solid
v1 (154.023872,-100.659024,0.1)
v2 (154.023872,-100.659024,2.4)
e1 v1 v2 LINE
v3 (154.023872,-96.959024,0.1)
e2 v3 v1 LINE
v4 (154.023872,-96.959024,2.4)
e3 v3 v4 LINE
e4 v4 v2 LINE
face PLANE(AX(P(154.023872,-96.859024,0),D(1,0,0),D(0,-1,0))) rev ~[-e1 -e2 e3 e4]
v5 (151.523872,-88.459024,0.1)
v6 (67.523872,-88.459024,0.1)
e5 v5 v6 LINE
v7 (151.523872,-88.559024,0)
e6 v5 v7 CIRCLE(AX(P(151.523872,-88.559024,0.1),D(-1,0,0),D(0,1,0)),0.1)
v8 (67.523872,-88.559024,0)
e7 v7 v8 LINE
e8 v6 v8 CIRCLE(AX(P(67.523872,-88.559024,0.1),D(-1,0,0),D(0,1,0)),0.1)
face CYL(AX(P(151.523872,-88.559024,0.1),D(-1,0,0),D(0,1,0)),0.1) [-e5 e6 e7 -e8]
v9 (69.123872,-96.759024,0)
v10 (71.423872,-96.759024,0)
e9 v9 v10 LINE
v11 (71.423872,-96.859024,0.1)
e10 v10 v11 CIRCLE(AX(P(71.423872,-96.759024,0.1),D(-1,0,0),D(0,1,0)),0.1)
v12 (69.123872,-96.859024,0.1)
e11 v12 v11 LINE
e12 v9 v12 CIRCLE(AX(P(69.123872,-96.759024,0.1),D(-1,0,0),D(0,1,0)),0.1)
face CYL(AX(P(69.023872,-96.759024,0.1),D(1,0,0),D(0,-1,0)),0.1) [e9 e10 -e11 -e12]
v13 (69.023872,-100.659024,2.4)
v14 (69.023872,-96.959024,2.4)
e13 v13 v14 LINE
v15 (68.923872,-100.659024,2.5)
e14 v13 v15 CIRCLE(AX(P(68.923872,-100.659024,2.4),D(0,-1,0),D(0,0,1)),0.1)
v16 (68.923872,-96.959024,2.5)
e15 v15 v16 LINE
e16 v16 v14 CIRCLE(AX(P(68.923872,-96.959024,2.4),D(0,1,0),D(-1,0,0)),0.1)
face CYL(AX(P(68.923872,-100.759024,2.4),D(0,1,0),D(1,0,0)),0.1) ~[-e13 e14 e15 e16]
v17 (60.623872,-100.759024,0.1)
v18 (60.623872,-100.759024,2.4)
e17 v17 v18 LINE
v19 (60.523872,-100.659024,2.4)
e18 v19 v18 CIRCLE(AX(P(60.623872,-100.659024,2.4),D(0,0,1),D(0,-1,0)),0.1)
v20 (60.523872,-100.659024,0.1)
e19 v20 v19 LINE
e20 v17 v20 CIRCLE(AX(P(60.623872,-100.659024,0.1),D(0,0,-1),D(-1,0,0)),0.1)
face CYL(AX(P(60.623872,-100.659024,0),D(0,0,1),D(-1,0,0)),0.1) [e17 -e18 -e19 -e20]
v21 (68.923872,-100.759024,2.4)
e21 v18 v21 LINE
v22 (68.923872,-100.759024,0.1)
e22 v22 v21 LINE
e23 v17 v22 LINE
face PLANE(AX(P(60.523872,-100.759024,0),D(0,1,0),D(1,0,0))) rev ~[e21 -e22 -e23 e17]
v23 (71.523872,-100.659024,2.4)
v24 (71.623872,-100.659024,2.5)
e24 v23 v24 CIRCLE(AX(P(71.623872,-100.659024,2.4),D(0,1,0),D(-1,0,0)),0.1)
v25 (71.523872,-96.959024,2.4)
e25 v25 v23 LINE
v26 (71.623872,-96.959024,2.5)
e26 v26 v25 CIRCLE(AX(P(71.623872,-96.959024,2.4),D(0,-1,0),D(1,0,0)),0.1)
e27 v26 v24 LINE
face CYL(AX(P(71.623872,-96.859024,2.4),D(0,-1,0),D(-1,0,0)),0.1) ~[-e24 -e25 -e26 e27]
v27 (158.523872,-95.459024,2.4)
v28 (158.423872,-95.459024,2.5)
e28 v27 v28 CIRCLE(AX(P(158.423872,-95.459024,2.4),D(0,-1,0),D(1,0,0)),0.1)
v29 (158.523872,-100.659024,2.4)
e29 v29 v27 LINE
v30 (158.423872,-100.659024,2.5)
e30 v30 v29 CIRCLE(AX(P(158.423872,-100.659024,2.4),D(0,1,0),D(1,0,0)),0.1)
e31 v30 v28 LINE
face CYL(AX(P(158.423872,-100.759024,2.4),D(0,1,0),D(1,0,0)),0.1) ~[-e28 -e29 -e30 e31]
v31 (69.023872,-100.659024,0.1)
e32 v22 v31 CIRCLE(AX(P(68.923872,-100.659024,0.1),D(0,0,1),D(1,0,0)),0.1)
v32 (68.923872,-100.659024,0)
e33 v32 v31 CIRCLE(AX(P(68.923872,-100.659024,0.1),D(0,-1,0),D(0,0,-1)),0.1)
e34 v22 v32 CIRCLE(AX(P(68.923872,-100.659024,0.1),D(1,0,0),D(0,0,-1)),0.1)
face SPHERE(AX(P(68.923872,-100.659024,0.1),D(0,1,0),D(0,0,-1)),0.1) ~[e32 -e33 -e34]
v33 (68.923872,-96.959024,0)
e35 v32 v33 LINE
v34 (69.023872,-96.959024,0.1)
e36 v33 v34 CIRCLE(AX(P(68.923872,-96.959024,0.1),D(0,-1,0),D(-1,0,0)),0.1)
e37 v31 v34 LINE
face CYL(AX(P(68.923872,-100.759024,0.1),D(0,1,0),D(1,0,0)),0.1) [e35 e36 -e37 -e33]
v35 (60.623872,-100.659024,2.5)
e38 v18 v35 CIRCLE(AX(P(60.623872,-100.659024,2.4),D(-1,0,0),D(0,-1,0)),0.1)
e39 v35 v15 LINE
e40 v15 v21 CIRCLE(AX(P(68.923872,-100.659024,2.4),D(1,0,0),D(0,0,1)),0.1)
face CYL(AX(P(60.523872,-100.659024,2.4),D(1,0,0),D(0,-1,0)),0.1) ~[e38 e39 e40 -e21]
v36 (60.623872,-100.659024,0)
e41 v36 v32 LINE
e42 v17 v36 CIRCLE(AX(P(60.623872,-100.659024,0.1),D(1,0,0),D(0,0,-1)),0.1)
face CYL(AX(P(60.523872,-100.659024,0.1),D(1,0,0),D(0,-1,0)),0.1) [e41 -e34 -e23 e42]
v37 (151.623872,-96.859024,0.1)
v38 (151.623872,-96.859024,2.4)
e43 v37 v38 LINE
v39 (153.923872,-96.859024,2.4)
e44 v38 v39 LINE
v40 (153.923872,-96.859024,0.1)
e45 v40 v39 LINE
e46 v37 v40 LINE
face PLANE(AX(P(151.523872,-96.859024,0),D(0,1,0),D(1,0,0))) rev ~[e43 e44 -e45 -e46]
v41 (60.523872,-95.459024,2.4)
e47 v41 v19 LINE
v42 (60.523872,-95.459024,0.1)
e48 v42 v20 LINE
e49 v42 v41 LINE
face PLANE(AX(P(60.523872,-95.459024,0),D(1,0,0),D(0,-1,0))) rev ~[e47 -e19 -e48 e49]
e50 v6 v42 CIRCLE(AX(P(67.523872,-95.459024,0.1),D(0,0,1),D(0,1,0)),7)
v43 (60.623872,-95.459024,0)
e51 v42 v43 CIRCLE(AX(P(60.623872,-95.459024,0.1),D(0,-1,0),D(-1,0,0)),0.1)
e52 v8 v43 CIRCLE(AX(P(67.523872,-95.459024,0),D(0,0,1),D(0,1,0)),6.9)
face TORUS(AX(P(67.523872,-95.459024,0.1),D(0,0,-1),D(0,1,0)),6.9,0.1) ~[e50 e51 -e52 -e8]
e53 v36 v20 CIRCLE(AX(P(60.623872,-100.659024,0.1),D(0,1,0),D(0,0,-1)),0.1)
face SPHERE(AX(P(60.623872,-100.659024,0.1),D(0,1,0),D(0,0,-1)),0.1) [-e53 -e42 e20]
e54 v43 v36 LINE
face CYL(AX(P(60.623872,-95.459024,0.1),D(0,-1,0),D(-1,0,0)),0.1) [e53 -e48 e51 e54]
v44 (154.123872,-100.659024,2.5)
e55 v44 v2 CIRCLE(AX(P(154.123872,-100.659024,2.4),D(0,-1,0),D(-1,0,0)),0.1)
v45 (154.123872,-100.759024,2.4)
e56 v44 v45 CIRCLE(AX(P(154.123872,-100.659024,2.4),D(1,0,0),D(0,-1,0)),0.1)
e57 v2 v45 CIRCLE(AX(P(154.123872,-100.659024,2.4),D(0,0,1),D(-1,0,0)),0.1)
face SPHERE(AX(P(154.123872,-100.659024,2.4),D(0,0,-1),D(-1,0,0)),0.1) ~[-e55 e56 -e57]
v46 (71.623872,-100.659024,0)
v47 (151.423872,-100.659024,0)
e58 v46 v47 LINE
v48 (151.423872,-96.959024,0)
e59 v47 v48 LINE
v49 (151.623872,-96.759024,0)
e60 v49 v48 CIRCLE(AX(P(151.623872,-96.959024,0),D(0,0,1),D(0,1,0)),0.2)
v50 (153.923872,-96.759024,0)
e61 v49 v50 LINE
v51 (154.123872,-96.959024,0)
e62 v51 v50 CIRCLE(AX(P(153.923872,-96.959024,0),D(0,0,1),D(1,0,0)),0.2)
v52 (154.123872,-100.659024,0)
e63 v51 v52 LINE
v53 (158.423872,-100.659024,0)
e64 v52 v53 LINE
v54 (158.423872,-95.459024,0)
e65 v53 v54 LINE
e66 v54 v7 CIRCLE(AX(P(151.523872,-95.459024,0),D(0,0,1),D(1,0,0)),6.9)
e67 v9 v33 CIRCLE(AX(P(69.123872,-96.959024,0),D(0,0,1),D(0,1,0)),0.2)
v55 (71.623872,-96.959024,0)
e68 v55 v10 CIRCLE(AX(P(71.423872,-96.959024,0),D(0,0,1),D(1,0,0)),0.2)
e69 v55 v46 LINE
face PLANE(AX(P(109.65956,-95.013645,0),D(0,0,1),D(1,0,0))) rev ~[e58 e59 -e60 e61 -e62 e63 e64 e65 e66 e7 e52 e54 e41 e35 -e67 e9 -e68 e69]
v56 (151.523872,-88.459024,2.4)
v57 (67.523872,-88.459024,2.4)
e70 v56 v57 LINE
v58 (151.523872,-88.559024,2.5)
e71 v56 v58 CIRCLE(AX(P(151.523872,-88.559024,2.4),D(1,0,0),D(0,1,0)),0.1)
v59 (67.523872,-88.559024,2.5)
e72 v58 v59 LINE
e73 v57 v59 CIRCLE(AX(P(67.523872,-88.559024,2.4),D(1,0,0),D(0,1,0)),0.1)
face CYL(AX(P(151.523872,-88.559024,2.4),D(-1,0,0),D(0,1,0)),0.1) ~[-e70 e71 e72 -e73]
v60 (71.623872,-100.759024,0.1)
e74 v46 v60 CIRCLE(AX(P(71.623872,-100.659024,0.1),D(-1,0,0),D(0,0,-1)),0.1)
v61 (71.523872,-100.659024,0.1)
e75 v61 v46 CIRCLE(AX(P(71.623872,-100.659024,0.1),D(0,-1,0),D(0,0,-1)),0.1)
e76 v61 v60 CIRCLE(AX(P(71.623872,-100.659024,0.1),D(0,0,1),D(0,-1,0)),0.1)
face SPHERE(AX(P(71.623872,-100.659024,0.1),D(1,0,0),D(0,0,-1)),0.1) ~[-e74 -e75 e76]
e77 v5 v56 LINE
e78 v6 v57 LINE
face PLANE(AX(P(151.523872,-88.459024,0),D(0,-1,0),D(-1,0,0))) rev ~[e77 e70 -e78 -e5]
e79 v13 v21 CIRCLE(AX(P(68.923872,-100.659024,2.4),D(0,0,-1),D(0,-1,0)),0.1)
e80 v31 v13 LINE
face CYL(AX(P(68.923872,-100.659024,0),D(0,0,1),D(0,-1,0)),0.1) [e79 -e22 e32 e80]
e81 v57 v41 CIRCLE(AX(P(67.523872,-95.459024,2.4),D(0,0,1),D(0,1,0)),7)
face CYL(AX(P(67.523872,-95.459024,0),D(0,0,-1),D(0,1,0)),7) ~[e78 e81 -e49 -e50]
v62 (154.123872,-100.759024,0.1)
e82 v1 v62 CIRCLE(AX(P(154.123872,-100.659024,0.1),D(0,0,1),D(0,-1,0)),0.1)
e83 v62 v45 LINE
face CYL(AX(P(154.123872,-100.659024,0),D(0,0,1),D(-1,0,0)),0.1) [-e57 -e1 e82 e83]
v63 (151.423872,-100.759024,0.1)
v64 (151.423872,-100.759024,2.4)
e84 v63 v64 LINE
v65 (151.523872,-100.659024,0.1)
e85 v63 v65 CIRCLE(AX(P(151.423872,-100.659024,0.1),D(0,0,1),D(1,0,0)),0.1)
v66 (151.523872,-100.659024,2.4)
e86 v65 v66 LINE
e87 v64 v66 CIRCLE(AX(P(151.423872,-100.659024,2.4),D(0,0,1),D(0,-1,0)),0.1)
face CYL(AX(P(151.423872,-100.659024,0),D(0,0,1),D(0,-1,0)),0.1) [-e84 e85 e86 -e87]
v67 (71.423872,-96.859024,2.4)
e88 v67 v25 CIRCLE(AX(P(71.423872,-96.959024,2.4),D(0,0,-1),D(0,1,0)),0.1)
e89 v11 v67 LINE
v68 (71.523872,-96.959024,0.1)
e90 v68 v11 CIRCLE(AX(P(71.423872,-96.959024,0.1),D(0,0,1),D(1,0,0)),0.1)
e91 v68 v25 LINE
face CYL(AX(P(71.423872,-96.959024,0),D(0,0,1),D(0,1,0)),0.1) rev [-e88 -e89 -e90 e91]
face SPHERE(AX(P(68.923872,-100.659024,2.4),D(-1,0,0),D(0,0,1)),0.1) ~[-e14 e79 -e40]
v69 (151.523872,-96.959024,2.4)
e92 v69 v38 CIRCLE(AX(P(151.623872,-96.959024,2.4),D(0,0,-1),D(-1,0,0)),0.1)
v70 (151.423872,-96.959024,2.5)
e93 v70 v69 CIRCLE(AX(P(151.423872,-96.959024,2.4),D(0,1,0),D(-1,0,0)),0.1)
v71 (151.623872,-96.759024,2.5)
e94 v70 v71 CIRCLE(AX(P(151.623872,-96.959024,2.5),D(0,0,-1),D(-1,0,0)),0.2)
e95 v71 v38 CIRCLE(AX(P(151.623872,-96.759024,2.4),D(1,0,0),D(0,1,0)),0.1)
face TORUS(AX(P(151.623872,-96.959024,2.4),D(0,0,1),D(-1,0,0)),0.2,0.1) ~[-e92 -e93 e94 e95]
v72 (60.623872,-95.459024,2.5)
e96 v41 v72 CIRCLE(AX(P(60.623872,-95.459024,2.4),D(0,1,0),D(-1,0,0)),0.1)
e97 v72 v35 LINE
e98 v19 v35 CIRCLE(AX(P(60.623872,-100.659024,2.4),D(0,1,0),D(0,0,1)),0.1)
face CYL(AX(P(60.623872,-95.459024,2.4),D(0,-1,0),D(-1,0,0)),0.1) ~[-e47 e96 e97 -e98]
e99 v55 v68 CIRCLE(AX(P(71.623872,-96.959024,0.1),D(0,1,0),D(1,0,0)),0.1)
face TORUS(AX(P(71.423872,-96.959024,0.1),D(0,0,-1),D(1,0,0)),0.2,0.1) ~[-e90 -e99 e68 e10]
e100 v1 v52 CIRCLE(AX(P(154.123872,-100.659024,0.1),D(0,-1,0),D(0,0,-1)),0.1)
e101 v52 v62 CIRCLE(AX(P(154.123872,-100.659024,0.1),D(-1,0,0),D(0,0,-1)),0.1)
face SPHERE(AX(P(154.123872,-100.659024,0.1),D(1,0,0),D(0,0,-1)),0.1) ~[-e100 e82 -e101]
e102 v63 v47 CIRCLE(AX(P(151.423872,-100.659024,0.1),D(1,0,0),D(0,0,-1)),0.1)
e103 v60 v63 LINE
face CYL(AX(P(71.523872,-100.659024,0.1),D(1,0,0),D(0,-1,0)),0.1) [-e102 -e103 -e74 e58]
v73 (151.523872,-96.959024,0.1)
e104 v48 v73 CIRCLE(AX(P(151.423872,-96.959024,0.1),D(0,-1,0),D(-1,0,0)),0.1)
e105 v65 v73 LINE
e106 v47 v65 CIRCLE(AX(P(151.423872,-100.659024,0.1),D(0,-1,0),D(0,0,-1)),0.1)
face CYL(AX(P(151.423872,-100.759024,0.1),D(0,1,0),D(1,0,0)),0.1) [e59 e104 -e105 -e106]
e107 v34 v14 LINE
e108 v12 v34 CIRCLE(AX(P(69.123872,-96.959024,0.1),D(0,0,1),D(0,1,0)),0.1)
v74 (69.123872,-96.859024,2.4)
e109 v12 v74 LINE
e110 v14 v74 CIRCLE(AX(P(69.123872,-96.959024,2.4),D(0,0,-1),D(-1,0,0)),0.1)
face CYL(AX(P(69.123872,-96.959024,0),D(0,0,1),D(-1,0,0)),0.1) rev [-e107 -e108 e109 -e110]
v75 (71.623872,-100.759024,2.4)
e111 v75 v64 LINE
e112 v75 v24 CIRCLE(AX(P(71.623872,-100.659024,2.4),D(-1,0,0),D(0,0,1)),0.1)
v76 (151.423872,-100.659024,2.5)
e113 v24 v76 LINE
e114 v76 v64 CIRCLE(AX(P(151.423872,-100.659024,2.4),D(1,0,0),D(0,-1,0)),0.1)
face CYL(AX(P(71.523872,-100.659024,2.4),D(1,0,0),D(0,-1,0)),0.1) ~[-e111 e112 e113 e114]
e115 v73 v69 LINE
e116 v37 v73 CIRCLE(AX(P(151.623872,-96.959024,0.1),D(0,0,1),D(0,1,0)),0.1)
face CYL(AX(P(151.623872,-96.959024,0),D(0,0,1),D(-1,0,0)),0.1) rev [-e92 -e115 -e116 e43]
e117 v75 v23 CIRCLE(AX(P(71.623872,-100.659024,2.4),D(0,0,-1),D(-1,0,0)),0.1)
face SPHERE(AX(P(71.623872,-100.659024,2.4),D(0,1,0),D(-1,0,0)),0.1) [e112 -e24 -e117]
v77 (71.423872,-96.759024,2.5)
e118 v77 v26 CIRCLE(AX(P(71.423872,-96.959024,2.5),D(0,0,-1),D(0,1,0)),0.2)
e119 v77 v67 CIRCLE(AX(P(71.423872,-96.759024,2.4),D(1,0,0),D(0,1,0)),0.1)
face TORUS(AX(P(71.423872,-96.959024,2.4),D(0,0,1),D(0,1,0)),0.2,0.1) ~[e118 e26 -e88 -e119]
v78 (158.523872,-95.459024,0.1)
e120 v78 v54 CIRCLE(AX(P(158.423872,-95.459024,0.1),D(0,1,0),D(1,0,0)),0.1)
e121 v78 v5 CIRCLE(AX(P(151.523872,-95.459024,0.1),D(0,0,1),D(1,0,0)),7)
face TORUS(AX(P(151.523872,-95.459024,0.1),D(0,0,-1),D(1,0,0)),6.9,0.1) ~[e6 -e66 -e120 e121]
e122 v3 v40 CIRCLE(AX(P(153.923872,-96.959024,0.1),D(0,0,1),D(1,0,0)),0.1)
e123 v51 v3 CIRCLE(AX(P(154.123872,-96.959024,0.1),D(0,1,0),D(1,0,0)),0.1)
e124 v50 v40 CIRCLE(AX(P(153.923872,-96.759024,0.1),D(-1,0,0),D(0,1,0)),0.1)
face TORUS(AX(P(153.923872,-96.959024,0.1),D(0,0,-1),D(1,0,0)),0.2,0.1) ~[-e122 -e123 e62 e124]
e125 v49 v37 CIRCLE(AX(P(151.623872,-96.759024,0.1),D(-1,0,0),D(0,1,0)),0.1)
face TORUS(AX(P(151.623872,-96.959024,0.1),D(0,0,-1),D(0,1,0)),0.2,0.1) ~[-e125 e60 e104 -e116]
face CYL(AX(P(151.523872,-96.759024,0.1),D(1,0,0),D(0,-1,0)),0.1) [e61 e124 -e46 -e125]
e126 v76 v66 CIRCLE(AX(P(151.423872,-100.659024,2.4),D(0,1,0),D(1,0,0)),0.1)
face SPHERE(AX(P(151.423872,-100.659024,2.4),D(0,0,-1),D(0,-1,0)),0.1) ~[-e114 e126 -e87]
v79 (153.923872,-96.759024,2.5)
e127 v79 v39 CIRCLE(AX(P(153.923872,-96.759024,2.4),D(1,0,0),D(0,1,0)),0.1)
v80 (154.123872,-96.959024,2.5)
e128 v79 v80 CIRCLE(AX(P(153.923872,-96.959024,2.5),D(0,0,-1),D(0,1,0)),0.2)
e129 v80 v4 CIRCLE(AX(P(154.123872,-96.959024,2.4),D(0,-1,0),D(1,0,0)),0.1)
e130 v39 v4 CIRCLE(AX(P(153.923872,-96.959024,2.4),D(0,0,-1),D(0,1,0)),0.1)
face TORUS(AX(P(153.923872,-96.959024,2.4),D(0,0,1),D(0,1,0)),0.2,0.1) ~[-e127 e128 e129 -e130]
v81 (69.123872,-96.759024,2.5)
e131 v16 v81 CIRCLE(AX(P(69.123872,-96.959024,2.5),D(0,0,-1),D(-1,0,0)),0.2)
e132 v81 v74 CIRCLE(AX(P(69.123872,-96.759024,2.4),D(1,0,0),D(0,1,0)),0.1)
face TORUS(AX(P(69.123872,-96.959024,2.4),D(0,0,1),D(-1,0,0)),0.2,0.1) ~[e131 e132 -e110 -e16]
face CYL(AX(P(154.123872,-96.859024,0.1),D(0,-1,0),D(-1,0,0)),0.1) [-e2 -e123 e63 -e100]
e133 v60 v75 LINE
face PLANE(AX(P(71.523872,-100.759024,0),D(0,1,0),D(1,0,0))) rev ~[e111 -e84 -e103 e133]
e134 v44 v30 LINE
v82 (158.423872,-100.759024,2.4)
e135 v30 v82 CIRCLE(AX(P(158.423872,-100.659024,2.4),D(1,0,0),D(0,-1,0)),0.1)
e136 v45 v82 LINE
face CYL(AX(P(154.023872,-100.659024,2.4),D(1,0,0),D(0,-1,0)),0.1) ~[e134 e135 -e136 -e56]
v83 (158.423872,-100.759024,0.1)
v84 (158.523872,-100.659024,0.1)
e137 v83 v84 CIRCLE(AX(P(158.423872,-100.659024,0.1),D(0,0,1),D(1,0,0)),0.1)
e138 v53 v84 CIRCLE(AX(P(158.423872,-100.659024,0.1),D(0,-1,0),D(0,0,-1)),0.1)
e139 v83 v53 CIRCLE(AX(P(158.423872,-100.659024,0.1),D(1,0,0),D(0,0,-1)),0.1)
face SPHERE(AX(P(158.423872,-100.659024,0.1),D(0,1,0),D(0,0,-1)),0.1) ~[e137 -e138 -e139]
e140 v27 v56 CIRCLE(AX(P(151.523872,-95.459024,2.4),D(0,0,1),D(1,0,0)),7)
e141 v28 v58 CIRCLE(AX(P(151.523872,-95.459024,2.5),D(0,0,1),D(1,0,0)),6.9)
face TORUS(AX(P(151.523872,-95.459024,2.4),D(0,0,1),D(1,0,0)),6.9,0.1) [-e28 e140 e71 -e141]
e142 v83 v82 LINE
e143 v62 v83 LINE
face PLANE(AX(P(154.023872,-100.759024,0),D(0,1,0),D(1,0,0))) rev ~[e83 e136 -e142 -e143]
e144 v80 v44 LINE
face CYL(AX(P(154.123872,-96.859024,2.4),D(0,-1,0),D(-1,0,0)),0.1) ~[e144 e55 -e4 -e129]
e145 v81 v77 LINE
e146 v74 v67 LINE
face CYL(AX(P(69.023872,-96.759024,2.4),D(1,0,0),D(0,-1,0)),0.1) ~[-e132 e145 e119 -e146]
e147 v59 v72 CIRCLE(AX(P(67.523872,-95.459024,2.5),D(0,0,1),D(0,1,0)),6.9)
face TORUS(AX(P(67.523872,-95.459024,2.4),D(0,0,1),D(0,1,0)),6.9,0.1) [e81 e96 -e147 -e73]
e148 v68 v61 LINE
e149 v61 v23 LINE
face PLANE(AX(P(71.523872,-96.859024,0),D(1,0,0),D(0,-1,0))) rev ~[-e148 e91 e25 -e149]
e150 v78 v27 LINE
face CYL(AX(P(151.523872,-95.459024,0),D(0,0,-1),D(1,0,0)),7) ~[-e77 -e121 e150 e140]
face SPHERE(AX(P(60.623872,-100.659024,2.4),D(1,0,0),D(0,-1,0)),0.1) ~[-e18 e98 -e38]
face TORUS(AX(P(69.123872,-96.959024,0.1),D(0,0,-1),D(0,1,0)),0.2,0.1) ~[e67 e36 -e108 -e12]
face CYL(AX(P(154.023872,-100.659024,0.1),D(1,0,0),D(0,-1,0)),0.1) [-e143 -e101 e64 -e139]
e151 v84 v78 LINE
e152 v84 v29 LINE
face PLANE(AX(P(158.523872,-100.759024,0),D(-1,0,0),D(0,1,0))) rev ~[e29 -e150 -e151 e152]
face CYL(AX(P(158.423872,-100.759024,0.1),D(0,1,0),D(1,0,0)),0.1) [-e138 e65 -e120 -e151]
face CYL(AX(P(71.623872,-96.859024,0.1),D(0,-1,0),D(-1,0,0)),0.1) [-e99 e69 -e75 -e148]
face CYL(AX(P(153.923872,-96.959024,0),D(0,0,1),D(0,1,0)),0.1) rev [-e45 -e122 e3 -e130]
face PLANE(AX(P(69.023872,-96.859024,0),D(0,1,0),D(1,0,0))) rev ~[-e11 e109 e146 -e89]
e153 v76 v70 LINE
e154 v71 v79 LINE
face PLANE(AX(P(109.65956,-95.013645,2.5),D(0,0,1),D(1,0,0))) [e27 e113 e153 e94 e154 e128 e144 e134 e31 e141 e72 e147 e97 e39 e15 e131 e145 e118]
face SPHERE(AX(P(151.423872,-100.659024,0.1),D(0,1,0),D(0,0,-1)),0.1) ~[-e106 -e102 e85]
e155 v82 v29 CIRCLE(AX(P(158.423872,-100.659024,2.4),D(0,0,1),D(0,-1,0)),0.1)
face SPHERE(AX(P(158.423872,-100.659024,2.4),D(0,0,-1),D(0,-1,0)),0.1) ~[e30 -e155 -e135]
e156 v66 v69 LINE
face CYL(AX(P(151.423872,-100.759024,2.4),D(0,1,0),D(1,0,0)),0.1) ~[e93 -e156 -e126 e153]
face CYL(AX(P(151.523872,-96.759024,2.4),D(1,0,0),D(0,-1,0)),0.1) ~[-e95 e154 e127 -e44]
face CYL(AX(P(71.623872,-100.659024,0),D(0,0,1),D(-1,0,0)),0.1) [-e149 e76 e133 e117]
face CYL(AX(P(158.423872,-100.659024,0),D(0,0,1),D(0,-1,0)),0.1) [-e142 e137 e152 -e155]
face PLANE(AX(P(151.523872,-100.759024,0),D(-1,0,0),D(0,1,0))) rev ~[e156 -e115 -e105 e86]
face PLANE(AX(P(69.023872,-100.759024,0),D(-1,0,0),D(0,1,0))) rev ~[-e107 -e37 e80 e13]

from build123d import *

# Parameters (mm, degrees)
RESSALTO_EXTRUS_O1_DEPTH = 2.5
FILETE1_R                = 0.1


with BuildPart() as part:
    # Esboço1 → Ressalto-extrusão1 (new body)
    with BuildSketch(Plane.XY):
        with BuildLine():
            Line((60.523872434, -95.459023636), (60.523872434, -100.759023636))
            Line((60.523872434, -100.759023636), (69.023872434, -100.759023636))
            Line((69.023872434, -100.759023636), (69.023872434, -96.859023636))
            Line((69.023872434, -96.859023636), (71.523872434, -96.859023636))
            Line((71.523872434, -96.859023636), (71.523872434, -100.759023636))
            Line((71.523872434, -100.759023636), (151.523872434, -100.759023636))
            Line((151.523872434, -100.759023636), (151.523872434, -96.859023636))
            Line((151.523872434, -96.859023636), (154.023872434, -96.859023636))
            Line((154.023872434, -96.859023636), (154.023872434, -100.759023636))
            Line((154.023872434, -100.759023636), (158.523872434, -100.759023636))
            Line((158.523872434, -100.759023636), (158.523872434, -95.459023636))
            ThreePointArc((158.523872434, -95.459023636), (156.473619903, -90.509276168), (151.523872434, -88.459023636))
            Line((151.523872434, -88.459023636), (67.523872434, -88.459023636))
            ThreePointArc((67.523872434, -88.459023636), (62.574124966, -90.509276168), (60.523872434, -95.459023636))
        make_face()
    extrude(amount=RESSALTO_EXTRUS_O1_DEPTH)

    # Filete1
    filete1_edges = [part.edges().sort_by_distance(p)[0] for p in [
        (64.773872434, -100.759023636, 2.5),
        (109.523872434, -88.459023636, 0),
        (156.473619903, -90.509276168, 0),
        (158.523872434, -98.109023636, 0),
        (156.273872434, -100.759023636, 0),
        (154.023872434, -98.809023636, 0),
        (152.773872434, -96.859023636, 0),
        (69.023872434, -98.809023636, 2.5),
        (151.523872434, -98.809023636, 0),
        (111.523872434, -100.759023636, 0),
        (71.523872434, -98.809023636, 0),
        (70.273872434, -96.859023636, 0),
        (69.023872434, -98.809023636, 0),
        (64.773872434, -100.759023636, 0),
        (60.523872434, -98.109023636, 0),
        (62.574124966, -90.509276168, 0),
        (70.273872434, -96.859023636, 2.5),
        (71.523872434, -98.809023636, 2.5),
        (158.523872434, -100.759023636, 1.25),
        (154.023872434, -100.759023636, 1.25),
        (154.023872434, -96.859023636, 1.25),
        (151.523872434, -96.859023636, 1.25),
        (151.523872434, -100.759023636, 1.25),
        (71.523872434, -100.759023636, 1.25),
        (71.523872434, -96.859023636, 1.25),
        (69.023872434, -96.859023636, 1.25),
        (69.023872434, -100.759023636, 1.25),
        (60.523872434, -100.759023636, 1.25),
        (111.523872434, -100.759023636, 2.5),
        (151.523872434, -98.809023636, 2.5),
        (152.773872434, -96.859023636, 2.5),
        (154.023872434, -98.809023636, 2.5),
        (156.273872434, -100.759023636, 2.5),
        (158.523872434, -98.109023636, 2.5),
        (62.574124966, -90.509276168, 2.5),
        (156.473619903, -90.509276168, 2.5),
        (109.523872434, -88.459023636, 2.5),
        (60.523872434, -98.109023636, 2.5),
    ]]
    fillet(filete1_edges, radius=FILETE1_R)


solid = part.part
